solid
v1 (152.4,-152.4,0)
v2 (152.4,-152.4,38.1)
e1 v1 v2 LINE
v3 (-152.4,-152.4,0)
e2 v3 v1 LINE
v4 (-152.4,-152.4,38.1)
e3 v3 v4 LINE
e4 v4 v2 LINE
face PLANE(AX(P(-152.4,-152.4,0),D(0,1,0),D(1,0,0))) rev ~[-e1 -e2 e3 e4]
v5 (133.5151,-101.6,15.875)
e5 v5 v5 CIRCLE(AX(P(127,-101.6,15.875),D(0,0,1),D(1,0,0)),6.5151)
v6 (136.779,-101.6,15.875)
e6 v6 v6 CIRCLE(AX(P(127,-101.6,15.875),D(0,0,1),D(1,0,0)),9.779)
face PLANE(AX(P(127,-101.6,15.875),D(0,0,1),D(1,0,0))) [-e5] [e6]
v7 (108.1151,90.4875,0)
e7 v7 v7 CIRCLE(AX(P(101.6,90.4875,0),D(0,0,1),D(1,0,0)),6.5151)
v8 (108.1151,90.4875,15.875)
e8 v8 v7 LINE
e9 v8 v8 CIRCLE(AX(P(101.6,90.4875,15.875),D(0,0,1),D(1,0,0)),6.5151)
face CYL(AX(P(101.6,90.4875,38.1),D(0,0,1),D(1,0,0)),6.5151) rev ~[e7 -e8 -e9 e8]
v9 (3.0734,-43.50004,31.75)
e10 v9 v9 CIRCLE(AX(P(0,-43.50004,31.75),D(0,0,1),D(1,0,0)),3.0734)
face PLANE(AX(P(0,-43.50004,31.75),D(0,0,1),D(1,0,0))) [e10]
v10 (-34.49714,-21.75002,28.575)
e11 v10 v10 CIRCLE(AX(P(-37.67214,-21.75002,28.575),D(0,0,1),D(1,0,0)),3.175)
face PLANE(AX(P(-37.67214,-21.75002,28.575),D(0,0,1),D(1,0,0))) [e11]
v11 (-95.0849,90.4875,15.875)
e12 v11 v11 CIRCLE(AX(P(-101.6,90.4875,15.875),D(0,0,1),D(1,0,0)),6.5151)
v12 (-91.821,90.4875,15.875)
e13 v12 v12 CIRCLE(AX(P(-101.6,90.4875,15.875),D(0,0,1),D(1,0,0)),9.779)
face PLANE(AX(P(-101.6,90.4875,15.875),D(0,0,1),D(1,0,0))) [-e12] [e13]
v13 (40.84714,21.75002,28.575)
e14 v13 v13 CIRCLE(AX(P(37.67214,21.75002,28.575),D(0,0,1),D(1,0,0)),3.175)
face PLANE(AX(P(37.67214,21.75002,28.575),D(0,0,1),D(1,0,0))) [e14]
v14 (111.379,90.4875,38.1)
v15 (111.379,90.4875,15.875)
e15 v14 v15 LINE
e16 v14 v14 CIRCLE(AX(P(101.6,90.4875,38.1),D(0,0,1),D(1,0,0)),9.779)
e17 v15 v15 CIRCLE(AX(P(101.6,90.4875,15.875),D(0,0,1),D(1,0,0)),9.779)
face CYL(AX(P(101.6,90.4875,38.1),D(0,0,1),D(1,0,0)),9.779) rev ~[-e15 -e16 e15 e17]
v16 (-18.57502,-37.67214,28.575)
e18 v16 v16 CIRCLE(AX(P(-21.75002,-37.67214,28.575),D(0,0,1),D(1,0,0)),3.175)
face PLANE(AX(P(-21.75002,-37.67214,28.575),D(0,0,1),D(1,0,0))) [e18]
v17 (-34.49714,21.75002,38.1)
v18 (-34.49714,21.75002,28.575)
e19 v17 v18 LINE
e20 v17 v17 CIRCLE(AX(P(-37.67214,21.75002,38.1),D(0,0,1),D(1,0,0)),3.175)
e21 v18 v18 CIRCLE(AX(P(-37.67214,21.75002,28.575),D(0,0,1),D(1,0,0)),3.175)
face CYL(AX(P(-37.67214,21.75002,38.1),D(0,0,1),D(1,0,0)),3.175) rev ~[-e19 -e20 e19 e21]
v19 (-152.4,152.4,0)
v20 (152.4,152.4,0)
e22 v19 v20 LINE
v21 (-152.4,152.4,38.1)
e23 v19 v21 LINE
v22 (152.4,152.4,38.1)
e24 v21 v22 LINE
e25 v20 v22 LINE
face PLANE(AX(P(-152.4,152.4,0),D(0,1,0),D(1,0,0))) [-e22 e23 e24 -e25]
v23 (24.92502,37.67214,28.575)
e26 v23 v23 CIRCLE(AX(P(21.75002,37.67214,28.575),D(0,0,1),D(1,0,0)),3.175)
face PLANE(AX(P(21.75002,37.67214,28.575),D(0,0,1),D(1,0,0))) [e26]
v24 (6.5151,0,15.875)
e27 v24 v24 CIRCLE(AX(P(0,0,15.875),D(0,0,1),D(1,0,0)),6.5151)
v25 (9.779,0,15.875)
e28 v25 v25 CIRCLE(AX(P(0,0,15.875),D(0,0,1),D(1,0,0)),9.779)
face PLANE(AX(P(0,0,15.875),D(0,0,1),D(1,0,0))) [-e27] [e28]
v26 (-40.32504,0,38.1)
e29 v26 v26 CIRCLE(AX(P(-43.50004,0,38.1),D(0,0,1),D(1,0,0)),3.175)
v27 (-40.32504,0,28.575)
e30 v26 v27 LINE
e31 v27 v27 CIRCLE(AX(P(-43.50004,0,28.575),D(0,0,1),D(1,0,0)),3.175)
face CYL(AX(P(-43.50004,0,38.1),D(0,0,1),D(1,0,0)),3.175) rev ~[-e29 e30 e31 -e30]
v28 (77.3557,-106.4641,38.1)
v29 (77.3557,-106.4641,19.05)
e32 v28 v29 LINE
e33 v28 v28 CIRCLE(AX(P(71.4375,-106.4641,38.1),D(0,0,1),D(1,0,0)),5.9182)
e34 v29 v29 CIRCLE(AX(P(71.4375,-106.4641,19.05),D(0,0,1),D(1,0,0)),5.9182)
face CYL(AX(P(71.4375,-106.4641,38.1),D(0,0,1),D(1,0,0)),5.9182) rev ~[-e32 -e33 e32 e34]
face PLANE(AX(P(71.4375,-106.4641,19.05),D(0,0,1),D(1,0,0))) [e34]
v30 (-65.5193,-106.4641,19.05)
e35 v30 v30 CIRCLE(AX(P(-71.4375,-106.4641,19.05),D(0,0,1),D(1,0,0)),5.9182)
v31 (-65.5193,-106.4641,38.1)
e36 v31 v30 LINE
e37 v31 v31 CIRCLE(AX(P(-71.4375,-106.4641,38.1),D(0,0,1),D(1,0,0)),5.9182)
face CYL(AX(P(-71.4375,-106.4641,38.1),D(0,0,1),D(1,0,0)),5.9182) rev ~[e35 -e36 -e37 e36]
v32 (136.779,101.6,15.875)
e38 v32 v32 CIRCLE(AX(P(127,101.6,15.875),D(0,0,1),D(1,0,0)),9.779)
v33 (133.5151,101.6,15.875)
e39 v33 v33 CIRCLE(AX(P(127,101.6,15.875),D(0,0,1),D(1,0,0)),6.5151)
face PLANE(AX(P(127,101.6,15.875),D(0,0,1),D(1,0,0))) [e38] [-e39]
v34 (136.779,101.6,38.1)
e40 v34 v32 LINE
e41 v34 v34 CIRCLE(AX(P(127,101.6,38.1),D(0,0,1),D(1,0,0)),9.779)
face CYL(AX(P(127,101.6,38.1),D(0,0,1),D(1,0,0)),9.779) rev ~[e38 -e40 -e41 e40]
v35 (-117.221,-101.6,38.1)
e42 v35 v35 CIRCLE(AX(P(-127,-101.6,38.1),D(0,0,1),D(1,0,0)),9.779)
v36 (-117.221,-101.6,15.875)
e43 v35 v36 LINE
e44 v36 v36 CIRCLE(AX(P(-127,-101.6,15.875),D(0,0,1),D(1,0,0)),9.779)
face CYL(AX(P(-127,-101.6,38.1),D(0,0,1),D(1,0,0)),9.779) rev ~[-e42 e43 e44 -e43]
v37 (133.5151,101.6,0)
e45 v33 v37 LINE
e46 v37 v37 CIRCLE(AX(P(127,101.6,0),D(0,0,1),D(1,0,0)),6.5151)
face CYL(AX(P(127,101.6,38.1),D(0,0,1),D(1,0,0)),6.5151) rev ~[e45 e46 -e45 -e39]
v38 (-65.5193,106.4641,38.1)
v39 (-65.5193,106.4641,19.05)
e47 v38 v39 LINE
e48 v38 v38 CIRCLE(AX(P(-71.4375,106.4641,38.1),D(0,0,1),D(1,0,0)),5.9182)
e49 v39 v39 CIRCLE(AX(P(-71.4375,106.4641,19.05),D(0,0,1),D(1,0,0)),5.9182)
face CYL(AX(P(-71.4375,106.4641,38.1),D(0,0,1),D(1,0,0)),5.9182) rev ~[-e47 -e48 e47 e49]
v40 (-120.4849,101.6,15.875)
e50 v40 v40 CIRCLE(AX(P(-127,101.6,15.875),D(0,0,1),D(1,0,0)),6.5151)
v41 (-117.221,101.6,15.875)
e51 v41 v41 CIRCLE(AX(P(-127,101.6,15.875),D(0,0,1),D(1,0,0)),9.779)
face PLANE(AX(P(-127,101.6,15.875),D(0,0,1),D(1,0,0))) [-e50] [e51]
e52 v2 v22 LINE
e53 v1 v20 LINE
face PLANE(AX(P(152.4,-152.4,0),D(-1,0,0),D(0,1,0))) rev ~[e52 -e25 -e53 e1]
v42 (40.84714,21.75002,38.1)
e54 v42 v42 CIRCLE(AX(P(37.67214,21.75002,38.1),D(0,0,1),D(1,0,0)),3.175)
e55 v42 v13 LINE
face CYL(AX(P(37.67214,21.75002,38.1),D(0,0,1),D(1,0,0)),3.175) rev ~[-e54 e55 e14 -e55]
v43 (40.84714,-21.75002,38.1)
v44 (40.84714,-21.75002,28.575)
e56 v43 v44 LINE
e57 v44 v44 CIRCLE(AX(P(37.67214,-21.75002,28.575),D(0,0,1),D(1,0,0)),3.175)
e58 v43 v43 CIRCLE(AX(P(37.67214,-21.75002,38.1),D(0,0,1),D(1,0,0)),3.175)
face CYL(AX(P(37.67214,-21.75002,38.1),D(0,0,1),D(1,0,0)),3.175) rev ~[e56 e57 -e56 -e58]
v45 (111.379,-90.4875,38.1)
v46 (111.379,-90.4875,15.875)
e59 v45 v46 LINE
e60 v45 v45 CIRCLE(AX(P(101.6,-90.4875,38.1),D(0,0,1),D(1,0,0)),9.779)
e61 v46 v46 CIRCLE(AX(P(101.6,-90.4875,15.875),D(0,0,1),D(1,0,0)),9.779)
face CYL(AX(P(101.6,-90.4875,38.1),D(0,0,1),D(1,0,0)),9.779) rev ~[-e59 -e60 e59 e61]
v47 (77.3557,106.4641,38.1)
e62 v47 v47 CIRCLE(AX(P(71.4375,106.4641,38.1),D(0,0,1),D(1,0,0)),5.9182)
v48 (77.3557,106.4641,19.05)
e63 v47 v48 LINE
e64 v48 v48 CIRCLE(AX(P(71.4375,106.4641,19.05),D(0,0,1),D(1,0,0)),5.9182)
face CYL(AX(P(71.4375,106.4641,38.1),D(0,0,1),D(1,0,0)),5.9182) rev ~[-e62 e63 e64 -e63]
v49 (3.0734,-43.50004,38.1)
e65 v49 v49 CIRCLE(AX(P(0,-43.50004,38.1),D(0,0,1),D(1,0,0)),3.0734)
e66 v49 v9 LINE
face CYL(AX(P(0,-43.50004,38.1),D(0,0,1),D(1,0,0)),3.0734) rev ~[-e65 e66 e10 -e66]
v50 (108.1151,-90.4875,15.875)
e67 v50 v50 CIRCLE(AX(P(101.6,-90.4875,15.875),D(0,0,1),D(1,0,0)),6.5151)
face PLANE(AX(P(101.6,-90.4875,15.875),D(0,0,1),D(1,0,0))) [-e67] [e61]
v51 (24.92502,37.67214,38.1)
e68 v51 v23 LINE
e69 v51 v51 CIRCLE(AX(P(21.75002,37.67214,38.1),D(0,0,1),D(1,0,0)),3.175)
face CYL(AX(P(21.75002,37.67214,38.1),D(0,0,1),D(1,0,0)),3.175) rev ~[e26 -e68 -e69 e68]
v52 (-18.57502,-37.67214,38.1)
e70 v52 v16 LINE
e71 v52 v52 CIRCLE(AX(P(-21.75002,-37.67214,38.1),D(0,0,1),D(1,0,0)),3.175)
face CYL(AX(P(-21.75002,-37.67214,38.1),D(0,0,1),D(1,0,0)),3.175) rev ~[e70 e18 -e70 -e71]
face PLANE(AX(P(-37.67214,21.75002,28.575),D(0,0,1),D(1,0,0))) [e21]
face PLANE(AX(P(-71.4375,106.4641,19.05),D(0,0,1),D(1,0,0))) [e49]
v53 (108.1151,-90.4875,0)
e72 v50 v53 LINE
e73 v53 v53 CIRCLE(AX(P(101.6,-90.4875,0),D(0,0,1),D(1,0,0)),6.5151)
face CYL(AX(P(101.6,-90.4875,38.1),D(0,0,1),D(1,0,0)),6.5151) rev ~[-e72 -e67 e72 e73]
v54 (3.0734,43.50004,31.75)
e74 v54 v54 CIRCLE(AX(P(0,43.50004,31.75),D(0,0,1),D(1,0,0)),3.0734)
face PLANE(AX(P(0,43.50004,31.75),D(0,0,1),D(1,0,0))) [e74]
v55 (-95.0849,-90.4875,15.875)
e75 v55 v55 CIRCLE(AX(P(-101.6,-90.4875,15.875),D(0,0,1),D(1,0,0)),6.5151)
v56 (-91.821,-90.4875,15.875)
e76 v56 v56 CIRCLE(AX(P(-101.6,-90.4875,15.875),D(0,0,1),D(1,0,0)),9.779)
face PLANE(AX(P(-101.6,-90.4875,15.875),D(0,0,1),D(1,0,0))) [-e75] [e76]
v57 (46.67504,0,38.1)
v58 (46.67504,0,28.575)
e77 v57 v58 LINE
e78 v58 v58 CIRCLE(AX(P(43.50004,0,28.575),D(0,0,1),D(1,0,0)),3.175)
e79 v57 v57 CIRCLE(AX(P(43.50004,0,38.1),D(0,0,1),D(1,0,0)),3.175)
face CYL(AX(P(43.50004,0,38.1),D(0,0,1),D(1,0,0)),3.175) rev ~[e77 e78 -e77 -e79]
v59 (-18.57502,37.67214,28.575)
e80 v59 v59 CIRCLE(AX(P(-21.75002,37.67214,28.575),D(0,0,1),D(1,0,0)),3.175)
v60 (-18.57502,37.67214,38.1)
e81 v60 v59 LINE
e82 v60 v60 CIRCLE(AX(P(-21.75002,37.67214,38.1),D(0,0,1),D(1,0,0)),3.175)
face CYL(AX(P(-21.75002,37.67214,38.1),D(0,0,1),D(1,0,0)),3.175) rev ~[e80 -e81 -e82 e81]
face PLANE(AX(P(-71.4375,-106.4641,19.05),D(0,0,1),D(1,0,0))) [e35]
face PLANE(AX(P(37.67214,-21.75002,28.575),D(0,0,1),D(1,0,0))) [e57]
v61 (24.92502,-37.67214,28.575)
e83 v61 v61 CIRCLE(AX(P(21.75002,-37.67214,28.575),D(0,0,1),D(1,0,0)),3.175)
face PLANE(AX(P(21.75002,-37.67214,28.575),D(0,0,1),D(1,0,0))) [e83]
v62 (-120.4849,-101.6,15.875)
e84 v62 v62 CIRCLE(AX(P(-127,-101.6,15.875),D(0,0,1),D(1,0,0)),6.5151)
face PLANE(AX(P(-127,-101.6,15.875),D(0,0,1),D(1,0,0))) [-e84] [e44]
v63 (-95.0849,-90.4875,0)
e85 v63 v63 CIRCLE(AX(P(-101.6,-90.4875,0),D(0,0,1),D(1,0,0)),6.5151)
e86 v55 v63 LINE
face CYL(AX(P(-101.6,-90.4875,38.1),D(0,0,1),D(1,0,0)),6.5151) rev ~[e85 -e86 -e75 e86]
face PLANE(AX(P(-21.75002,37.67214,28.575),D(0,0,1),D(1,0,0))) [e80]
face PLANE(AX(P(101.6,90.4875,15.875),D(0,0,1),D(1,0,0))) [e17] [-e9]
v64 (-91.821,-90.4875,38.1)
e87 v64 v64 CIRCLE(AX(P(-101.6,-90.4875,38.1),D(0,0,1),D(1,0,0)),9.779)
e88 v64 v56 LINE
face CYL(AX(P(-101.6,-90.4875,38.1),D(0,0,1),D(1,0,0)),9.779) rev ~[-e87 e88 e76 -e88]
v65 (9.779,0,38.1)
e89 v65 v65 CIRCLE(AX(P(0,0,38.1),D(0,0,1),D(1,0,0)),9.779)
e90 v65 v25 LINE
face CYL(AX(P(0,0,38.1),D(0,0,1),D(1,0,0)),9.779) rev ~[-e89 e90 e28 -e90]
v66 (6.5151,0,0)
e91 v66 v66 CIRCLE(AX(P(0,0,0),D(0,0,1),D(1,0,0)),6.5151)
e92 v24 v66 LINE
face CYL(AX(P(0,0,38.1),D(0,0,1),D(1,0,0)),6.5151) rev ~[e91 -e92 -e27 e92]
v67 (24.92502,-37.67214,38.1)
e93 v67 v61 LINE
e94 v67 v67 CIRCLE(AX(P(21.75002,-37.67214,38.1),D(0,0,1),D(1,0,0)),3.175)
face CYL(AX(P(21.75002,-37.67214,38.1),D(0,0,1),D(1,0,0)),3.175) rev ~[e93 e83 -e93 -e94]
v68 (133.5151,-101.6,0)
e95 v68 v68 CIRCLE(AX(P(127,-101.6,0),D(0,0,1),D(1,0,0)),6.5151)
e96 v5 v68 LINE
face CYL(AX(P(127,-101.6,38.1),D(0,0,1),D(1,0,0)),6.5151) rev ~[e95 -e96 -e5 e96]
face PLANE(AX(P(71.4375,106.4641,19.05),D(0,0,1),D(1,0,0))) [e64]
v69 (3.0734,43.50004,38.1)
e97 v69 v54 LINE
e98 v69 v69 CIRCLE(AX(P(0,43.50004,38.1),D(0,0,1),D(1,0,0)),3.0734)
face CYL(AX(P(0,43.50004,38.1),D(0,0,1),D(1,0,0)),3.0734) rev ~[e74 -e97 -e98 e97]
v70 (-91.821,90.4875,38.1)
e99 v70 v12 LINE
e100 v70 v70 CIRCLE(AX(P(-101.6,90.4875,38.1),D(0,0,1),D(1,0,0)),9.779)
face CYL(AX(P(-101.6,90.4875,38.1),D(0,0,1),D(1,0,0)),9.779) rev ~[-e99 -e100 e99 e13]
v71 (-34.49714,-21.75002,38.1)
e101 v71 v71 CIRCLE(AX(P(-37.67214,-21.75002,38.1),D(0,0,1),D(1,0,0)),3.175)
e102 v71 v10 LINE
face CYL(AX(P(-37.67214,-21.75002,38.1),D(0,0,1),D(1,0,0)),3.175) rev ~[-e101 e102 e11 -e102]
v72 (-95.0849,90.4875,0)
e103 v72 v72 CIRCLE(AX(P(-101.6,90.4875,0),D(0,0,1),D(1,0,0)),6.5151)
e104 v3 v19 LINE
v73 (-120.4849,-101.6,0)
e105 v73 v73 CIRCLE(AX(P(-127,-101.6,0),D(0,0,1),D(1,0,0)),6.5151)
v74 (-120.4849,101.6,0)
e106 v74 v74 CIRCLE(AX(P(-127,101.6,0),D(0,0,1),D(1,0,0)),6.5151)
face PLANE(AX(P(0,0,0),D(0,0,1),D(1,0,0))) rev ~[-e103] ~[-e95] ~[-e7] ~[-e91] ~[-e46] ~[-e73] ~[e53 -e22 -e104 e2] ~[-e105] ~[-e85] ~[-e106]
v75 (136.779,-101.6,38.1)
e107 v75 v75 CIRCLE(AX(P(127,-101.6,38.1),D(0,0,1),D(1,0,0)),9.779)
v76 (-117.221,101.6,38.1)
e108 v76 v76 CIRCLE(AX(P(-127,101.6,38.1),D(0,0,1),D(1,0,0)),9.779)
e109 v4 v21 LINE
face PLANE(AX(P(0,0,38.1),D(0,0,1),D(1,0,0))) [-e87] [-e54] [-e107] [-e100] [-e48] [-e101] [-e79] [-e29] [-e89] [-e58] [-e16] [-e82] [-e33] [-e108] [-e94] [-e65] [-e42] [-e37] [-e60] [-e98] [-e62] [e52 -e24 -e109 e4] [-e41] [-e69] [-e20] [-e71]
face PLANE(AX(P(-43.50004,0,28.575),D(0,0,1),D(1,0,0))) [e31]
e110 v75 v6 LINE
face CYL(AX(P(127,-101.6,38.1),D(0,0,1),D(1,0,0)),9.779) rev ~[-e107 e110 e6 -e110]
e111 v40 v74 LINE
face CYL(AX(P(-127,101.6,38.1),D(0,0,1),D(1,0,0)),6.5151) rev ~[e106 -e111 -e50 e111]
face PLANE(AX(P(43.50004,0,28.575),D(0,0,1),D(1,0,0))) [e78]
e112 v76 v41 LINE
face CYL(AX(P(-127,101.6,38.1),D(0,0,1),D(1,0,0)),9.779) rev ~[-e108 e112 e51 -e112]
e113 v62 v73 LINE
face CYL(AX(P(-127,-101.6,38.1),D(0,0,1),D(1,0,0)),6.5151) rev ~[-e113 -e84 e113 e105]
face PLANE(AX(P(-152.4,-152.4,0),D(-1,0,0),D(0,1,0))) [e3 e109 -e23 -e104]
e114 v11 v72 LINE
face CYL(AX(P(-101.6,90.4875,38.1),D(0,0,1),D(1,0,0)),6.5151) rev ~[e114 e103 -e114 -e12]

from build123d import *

# Parameters (mm, degrees)
SKETCH1_W                               = 304.8
SKETCH1_H                               = 304.8
BOSS_EXTRUDE1_DEPTH                     = 38.1
SKETCH2_R                               = 6.5151
HAAS_T_SLOT_HOLES_DEPTH                 = 219.867836833
SKETCH3_R                               = 9.779
HAAS_COUNTER_BORES_DEPTH                = 22.225
SKETCH4_R                               = 6.5151
TORMACH_T_SLOT_HOLES_DEPTH              = 219.867836833
SKETCH5_R                               = 9.779
TORMACH_COUNTER_BORES_DEPTH             = 22.225
SKETCH6_R                               = 3.0734
SPROCKET_LOCATING_HOLES_DEPTH           = 6.35
SKETCH7_R                               = 3.175
SPROCKET_MOUNTING_CLEARANCE_HOLES_DEPTH = 9.525
SKETCH8_R                               = 5.9182
F_1_2_13_TAPPED_HOLES_DEPTH             = 19.05


with BuildPart() as part:
    # Sketch1 → Boss-Extrude1 (new body)
    with BuildSketch(Plane.XY):
        Rectangle(SKETCH1_W, SKETCH1_H)
    extrude(amount=BOSS_EXTRUDE1_DEPTH)

    # Sketch2 → HAAS T-Slot Holes (cut, through all)
    with BuildSketch(Plane.XY.offset(38.1)):
        with Locations((-127, 101.6)):
            Circle(SKETCH2_R)
        with Locations((127, 101.6)):
            Circle(SKETCH2_R)
        with Locations((127, -101.6)):
            Circle(SKETCH2_R)
        with Locations((-127, -101.6)):
            Circle(SKETCH2_R)
        Circle(SKETCH2_R)
    extrude(amount=-HAAS_T_SLOT_HOLES_DEPTH, mode=Mode.SUBTRACT)

    # Sketch3 → HAAS Counter Bores (cut)
    with BuildSketch(Plane.XY.offset(38.1)):
        with Locations((-127, 101.6)):
            Circle(SKETCH3_R)
        with Locations((127, 101.6)):
            Circle(SKETCH3_R)
        Circle(SKETCH3_R)
        with Locations((127, -101.6)):
            Circle(SKETCH3_R)
        with Locations((-127, -101.6)):
            Circle(SKETCH3_R)
    extrude(amount=-HAAS_COUNTER_BORES_DEPTH, mode=Mode.SUBTRACT)

    # Sketch4 → Tormach T-Slot Holes (cut, through all)
    with BuildSketch(Plane.XY.offset(38.1)):
        with Locations((-101.6, 90.4875)):
            Circle(SKETCH4_R)
        with Locations((101.6, 90.4875)):
            Circle(SKETCH4_R)
        with Locations((-101.6, -90.4875)):
            Circle(SKETCH4_R)
        with Locations((101.6, -90.4875)):
            Circle(SKETCH4_R)
    extrude(amount=-TORMACH_T_SLOT_HOLES_DEPTH, mode=Mode.SUBTRACT)

    # Sketch5 → Tormach Counter bores (cut)
    with BuildSketch(Plane.XY.offset(38.1)):
        with Locations((-101.6, 90.4875)):
            Circle(SKETCH5_R)
        with Locations((101.6, 90.4875)):
            Circle(SKETCH5_R)
        with Locations((101.6, -90.4875)):
            Circle(SKETCH5_R)
        with Locations((-101.6, -90.4875)):
            Circle(SKETCH5_R)
    extrude(amount=-TORMACH_COUNTER_BORES_DEPTH, mode=Mode.SUBTRACT)

    # Sketch6 → Sprocket Locating Holes (cut)
    with BuildSketch(Plane.XY.offset(38.1)):
        with Locations((0, 43.50004)):
            Circle(SKETCH6_R)
        with Locations((0, -43.50004)):
            Circle(SKETCH6_R)
    extrude(amount=-SPROCKET_LOCATING_HOLES_DEPTH, mode=Mode.SUBTRACT)

    # Sketch7 → Sprocket Mounting clearance holes (cut)
    with BuildSketch(Plane.XY.offset(38.1)):
        with Locations((43.50004, 0)):
            Circle(SKETCH7_R)
        with Locations((37.672139706, -21.75002)):
            Circle(SKETCH7_R)
        with Locations((21.75002, -37.672139706)):
            Circle(SKETCH7_R)
        with Locations((-21.75002, -37.672139706)):
            Circle(SKETCH7_R)
        with Locations((-37.672139706, -21.75002)):
            Circle(SKETCH7_R)
        with Locations((-43.50004, 0)):
            Circle(SKETCH7_R)
        with Locations((-37.672139706, 21.75002)):
            Circle(SKETCH7_R)
        with Locations((-21.75002, 37.672139706)):
            Circle(SKETCH7_R)
        with Locations((21.75002, 37.672139706)):
            Circle(SKETCH7_R)
        with Locations((37.672139706, 21.75002)):
            Circle(SKETCH7_R)
    extrude(amount=-SPROCKET_MOUNTING_CLEARANCE_HOLES_DEPTH, mode=Mode.SUBTRACT)

    # Sketch8 → 1/2-13 Tapped Holes (cut)
    with BuildSketch(Plane.XY.offset(38.1)):
        with Locations((-71.4375, 106.4641)):
            Circle(SKETCH8_R)
        with Locations((71.4375, 106.4641)):
            Circle(SKETCH8_R)
        with Locations((71.4375, -106.4641)):
            Circle(SKETCH8_R)
        with Locations((-71.4375, -106.4641)):
            Circle(SKETCH8_R)
    extrude(amount=-F_1_2_13_TAPPED_HOLES_DEPTH, mode=Mode.SUBTRACT)


solid = part.part
